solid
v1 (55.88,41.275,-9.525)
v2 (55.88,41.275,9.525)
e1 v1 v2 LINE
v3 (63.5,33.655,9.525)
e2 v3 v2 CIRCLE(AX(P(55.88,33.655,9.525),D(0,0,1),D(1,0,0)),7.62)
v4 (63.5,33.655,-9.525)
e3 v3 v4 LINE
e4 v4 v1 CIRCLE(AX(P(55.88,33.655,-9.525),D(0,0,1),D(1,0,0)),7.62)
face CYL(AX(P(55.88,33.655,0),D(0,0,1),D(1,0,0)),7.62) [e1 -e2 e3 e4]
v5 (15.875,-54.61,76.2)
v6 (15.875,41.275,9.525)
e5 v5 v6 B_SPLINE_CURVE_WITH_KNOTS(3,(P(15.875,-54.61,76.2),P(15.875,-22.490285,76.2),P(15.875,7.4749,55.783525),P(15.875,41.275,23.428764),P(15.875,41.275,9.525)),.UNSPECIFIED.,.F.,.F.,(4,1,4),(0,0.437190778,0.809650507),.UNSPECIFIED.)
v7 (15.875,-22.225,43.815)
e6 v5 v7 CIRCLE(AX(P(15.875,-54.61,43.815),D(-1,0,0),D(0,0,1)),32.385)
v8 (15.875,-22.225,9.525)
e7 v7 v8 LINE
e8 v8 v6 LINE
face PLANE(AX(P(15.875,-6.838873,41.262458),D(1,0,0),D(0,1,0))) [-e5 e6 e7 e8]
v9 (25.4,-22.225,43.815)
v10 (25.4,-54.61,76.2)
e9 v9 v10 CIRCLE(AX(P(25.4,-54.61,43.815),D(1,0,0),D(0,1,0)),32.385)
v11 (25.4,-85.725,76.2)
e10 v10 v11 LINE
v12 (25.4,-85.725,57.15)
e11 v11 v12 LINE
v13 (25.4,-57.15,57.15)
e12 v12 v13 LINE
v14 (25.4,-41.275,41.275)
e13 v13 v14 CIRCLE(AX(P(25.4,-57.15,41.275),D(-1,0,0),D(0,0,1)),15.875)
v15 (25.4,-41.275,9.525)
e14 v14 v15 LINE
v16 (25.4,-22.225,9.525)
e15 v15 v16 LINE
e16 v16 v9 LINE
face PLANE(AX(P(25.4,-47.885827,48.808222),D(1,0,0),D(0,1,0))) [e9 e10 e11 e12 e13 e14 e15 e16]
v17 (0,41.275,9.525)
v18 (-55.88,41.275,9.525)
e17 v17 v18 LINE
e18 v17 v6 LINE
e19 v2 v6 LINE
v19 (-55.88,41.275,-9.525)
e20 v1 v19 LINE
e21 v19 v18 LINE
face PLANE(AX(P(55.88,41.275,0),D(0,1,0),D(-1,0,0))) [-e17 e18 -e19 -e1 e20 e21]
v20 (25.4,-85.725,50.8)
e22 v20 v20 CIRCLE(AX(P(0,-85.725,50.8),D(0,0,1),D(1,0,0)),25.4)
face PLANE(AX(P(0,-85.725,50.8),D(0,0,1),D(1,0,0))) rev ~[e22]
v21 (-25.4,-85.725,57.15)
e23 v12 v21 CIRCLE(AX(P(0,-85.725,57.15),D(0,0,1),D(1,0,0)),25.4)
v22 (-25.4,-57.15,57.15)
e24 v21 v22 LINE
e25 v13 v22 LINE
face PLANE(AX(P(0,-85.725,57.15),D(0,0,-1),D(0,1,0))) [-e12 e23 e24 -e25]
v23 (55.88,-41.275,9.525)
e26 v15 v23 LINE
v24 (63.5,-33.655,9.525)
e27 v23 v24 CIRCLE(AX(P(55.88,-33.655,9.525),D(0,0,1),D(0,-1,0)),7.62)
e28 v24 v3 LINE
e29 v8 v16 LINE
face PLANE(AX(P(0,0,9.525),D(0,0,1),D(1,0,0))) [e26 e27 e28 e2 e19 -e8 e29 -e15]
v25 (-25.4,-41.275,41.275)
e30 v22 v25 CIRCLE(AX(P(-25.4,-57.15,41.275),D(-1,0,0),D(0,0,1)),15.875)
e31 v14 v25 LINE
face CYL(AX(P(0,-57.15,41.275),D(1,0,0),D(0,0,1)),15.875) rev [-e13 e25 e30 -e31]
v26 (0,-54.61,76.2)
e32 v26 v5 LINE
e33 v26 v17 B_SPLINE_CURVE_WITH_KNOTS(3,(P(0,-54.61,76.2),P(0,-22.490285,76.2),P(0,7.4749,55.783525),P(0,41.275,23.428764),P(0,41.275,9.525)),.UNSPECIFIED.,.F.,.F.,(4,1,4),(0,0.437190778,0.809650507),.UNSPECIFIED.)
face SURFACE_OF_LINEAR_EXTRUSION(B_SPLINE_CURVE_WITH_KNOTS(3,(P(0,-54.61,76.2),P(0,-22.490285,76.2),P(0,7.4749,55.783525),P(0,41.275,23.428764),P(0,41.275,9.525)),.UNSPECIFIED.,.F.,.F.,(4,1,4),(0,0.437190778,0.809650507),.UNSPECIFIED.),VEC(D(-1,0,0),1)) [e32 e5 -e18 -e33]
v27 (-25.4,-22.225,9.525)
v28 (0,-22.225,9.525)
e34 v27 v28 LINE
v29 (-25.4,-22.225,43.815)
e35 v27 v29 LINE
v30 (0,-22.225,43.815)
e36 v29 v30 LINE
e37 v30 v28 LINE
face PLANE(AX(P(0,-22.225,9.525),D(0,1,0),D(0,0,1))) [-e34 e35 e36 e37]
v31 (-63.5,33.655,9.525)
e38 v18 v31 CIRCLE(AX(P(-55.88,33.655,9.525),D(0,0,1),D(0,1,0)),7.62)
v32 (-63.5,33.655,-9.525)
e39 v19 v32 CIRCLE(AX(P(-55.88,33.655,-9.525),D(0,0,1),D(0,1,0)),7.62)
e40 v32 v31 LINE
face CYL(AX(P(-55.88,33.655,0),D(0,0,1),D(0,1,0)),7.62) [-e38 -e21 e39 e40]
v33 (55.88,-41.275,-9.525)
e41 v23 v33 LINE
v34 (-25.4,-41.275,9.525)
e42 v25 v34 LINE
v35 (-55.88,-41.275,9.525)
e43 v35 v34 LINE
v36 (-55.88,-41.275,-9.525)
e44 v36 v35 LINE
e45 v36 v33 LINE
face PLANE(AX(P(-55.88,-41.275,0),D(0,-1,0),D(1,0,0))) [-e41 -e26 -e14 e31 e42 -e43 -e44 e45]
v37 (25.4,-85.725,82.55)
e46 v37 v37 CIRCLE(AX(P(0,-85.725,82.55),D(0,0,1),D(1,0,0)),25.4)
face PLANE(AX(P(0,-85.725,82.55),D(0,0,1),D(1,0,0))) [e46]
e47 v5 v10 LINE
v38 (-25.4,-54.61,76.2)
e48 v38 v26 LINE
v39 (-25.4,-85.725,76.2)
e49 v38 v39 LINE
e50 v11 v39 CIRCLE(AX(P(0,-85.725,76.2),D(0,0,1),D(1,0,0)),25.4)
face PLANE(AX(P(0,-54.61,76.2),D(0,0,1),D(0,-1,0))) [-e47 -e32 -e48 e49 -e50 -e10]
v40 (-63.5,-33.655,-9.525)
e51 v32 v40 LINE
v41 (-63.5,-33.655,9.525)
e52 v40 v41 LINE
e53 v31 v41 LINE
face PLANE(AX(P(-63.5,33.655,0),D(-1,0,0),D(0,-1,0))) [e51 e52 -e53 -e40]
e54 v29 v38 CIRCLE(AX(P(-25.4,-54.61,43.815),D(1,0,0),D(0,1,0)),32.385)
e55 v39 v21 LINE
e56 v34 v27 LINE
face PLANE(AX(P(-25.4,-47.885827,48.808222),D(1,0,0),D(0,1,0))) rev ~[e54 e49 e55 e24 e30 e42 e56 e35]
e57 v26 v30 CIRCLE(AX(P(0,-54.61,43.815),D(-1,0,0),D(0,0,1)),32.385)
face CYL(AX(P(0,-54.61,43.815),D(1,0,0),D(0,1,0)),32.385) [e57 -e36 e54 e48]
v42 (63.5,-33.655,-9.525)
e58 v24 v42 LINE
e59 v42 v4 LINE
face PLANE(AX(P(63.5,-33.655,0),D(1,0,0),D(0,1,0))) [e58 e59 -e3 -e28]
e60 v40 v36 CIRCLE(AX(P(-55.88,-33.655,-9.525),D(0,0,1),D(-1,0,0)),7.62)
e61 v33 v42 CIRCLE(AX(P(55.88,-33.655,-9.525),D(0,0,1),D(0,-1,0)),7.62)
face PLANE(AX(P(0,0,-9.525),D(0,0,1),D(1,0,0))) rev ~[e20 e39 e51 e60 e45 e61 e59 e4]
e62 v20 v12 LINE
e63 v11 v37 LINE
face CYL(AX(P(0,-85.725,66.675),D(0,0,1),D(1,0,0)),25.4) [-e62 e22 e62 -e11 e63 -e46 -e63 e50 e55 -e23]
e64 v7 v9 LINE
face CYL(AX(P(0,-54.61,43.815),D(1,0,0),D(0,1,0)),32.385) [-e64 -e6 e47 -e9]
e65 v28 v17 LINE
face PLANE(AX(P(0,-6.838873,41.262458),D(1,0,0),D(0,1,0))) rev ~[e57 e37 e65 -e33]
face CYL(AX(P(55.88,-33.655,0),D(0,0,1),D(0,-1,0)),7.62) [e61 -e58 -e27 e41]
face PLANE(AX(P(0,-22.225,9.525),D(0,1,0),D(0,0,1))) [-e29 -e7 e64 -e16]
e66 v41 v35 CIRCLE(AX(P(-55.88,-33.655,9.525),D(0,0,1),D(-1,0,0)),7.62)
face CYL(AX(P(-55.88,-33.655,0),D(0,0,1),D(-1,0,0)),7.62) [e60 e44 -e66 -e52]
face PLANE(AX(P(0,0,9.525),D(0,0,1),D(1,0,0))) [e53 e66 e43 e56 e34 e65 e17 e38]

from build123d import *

# Parameters (mm, degrees)
F1_DEPTH = 9.525
F3_DEPTH = 25.4
F5_R     = 25.4
F6_DEPTH = 15.875
F8_DEPTH = 15.875


with BuildPart() as f1:
    # F0 (on Top) → F1 (new body, symmetric)
    with BuildSketch(Plane.XY):
        with BuildLine():
            ThreePointArc((63.5, 33.655), (61.2681536726, 39.0431536726), (55.88, 41.275))
            Line((55.88, 41.275), (-55.88, 41.275))
            ThreePointArc((-55.88, 41.275), (-61.2681536726, 39.0431536726), (-63.5, 33.655))
            Line((-63.5, 33.655), (-63.5, -33.655))
            ThreePointArc((-63.5, -33.655), (-61.2681536726, -39.0431536726), (-55.88, -41.275))
            Line((-55.88, -41.275), (55.88, -41.275))
            ThreePointArc((55.88, -41.275), (61.2681536726, -39.0431536726), (63.5, -33.655))
            Line((63.5, -33.655), (63.5, 33.655))
        make_face()
    extrude(amount=F1_DEPTH, both=True)

    # F2 (on Right) → F3 (join, symmetric)
    with BuildSketch(Plane.YZ):
        with BuildLine():
            Line((-41.275, 9.525), (-22.225, 9.525))
            Line((-22.225, 9.525), (-22.225, 43.815))
            ThreePointArc((-22.225, 43.815), (-31.7103468913, 66.7146531087), (-54.61, 76.2))
            Line((-54.61, 76.2), (-85.725, 76.2))
            Line((-85.725, 76.2), (-85.725, 57.15))
            Line((-85.725, 57.15), (-57.15, 57.15))
            ThreePointArc((-57.15, 57.15), (-45.9246798487, 52.5003201513), (-41.275, 41.275))
            Line((-41.275, 41.275), (-41.275, 9.525))
        make_face()
    extrude(amount=F3_DEPTH, both=True)

    # F5 (on mid) → F6 (join, symmetric)
    with BuildSketch(Plane.XY.offset(66.675)):
        with Locations((0, -85.725)):
            Circle(F5_R)
    extrude(amount=F6_DEPTH, both=True)

    # F7 (on Right) → F8 (join)
    with BuildSketch(Plane.YZ):
        with BuildLine():
            ThreePointArc((-54.61, 76.2), (-31.7103468913, 66.7146531087), (-22.225, 43.815))
            Line((-22.225, 43.815), (-22.225, 9.525))
            Line((-22.225, 9.525), (41.275, 9.525))
            add(Edge.make_bspline(
                [(-54.61, 76.2), (-22.4902851436, 76.2), (7.474900406, 55.7835251702), (41.275, 23.4287642155), (41.275, 9.525)],
                knots=[0, 0, 0, 0, 0.4371907779, 0.8096505074, 0.8096505074, 0.8096505074, 0.8096505074], degree=3))
        make_face()
    extrude(amount=F8_DEPTH)


solid = f1.part
